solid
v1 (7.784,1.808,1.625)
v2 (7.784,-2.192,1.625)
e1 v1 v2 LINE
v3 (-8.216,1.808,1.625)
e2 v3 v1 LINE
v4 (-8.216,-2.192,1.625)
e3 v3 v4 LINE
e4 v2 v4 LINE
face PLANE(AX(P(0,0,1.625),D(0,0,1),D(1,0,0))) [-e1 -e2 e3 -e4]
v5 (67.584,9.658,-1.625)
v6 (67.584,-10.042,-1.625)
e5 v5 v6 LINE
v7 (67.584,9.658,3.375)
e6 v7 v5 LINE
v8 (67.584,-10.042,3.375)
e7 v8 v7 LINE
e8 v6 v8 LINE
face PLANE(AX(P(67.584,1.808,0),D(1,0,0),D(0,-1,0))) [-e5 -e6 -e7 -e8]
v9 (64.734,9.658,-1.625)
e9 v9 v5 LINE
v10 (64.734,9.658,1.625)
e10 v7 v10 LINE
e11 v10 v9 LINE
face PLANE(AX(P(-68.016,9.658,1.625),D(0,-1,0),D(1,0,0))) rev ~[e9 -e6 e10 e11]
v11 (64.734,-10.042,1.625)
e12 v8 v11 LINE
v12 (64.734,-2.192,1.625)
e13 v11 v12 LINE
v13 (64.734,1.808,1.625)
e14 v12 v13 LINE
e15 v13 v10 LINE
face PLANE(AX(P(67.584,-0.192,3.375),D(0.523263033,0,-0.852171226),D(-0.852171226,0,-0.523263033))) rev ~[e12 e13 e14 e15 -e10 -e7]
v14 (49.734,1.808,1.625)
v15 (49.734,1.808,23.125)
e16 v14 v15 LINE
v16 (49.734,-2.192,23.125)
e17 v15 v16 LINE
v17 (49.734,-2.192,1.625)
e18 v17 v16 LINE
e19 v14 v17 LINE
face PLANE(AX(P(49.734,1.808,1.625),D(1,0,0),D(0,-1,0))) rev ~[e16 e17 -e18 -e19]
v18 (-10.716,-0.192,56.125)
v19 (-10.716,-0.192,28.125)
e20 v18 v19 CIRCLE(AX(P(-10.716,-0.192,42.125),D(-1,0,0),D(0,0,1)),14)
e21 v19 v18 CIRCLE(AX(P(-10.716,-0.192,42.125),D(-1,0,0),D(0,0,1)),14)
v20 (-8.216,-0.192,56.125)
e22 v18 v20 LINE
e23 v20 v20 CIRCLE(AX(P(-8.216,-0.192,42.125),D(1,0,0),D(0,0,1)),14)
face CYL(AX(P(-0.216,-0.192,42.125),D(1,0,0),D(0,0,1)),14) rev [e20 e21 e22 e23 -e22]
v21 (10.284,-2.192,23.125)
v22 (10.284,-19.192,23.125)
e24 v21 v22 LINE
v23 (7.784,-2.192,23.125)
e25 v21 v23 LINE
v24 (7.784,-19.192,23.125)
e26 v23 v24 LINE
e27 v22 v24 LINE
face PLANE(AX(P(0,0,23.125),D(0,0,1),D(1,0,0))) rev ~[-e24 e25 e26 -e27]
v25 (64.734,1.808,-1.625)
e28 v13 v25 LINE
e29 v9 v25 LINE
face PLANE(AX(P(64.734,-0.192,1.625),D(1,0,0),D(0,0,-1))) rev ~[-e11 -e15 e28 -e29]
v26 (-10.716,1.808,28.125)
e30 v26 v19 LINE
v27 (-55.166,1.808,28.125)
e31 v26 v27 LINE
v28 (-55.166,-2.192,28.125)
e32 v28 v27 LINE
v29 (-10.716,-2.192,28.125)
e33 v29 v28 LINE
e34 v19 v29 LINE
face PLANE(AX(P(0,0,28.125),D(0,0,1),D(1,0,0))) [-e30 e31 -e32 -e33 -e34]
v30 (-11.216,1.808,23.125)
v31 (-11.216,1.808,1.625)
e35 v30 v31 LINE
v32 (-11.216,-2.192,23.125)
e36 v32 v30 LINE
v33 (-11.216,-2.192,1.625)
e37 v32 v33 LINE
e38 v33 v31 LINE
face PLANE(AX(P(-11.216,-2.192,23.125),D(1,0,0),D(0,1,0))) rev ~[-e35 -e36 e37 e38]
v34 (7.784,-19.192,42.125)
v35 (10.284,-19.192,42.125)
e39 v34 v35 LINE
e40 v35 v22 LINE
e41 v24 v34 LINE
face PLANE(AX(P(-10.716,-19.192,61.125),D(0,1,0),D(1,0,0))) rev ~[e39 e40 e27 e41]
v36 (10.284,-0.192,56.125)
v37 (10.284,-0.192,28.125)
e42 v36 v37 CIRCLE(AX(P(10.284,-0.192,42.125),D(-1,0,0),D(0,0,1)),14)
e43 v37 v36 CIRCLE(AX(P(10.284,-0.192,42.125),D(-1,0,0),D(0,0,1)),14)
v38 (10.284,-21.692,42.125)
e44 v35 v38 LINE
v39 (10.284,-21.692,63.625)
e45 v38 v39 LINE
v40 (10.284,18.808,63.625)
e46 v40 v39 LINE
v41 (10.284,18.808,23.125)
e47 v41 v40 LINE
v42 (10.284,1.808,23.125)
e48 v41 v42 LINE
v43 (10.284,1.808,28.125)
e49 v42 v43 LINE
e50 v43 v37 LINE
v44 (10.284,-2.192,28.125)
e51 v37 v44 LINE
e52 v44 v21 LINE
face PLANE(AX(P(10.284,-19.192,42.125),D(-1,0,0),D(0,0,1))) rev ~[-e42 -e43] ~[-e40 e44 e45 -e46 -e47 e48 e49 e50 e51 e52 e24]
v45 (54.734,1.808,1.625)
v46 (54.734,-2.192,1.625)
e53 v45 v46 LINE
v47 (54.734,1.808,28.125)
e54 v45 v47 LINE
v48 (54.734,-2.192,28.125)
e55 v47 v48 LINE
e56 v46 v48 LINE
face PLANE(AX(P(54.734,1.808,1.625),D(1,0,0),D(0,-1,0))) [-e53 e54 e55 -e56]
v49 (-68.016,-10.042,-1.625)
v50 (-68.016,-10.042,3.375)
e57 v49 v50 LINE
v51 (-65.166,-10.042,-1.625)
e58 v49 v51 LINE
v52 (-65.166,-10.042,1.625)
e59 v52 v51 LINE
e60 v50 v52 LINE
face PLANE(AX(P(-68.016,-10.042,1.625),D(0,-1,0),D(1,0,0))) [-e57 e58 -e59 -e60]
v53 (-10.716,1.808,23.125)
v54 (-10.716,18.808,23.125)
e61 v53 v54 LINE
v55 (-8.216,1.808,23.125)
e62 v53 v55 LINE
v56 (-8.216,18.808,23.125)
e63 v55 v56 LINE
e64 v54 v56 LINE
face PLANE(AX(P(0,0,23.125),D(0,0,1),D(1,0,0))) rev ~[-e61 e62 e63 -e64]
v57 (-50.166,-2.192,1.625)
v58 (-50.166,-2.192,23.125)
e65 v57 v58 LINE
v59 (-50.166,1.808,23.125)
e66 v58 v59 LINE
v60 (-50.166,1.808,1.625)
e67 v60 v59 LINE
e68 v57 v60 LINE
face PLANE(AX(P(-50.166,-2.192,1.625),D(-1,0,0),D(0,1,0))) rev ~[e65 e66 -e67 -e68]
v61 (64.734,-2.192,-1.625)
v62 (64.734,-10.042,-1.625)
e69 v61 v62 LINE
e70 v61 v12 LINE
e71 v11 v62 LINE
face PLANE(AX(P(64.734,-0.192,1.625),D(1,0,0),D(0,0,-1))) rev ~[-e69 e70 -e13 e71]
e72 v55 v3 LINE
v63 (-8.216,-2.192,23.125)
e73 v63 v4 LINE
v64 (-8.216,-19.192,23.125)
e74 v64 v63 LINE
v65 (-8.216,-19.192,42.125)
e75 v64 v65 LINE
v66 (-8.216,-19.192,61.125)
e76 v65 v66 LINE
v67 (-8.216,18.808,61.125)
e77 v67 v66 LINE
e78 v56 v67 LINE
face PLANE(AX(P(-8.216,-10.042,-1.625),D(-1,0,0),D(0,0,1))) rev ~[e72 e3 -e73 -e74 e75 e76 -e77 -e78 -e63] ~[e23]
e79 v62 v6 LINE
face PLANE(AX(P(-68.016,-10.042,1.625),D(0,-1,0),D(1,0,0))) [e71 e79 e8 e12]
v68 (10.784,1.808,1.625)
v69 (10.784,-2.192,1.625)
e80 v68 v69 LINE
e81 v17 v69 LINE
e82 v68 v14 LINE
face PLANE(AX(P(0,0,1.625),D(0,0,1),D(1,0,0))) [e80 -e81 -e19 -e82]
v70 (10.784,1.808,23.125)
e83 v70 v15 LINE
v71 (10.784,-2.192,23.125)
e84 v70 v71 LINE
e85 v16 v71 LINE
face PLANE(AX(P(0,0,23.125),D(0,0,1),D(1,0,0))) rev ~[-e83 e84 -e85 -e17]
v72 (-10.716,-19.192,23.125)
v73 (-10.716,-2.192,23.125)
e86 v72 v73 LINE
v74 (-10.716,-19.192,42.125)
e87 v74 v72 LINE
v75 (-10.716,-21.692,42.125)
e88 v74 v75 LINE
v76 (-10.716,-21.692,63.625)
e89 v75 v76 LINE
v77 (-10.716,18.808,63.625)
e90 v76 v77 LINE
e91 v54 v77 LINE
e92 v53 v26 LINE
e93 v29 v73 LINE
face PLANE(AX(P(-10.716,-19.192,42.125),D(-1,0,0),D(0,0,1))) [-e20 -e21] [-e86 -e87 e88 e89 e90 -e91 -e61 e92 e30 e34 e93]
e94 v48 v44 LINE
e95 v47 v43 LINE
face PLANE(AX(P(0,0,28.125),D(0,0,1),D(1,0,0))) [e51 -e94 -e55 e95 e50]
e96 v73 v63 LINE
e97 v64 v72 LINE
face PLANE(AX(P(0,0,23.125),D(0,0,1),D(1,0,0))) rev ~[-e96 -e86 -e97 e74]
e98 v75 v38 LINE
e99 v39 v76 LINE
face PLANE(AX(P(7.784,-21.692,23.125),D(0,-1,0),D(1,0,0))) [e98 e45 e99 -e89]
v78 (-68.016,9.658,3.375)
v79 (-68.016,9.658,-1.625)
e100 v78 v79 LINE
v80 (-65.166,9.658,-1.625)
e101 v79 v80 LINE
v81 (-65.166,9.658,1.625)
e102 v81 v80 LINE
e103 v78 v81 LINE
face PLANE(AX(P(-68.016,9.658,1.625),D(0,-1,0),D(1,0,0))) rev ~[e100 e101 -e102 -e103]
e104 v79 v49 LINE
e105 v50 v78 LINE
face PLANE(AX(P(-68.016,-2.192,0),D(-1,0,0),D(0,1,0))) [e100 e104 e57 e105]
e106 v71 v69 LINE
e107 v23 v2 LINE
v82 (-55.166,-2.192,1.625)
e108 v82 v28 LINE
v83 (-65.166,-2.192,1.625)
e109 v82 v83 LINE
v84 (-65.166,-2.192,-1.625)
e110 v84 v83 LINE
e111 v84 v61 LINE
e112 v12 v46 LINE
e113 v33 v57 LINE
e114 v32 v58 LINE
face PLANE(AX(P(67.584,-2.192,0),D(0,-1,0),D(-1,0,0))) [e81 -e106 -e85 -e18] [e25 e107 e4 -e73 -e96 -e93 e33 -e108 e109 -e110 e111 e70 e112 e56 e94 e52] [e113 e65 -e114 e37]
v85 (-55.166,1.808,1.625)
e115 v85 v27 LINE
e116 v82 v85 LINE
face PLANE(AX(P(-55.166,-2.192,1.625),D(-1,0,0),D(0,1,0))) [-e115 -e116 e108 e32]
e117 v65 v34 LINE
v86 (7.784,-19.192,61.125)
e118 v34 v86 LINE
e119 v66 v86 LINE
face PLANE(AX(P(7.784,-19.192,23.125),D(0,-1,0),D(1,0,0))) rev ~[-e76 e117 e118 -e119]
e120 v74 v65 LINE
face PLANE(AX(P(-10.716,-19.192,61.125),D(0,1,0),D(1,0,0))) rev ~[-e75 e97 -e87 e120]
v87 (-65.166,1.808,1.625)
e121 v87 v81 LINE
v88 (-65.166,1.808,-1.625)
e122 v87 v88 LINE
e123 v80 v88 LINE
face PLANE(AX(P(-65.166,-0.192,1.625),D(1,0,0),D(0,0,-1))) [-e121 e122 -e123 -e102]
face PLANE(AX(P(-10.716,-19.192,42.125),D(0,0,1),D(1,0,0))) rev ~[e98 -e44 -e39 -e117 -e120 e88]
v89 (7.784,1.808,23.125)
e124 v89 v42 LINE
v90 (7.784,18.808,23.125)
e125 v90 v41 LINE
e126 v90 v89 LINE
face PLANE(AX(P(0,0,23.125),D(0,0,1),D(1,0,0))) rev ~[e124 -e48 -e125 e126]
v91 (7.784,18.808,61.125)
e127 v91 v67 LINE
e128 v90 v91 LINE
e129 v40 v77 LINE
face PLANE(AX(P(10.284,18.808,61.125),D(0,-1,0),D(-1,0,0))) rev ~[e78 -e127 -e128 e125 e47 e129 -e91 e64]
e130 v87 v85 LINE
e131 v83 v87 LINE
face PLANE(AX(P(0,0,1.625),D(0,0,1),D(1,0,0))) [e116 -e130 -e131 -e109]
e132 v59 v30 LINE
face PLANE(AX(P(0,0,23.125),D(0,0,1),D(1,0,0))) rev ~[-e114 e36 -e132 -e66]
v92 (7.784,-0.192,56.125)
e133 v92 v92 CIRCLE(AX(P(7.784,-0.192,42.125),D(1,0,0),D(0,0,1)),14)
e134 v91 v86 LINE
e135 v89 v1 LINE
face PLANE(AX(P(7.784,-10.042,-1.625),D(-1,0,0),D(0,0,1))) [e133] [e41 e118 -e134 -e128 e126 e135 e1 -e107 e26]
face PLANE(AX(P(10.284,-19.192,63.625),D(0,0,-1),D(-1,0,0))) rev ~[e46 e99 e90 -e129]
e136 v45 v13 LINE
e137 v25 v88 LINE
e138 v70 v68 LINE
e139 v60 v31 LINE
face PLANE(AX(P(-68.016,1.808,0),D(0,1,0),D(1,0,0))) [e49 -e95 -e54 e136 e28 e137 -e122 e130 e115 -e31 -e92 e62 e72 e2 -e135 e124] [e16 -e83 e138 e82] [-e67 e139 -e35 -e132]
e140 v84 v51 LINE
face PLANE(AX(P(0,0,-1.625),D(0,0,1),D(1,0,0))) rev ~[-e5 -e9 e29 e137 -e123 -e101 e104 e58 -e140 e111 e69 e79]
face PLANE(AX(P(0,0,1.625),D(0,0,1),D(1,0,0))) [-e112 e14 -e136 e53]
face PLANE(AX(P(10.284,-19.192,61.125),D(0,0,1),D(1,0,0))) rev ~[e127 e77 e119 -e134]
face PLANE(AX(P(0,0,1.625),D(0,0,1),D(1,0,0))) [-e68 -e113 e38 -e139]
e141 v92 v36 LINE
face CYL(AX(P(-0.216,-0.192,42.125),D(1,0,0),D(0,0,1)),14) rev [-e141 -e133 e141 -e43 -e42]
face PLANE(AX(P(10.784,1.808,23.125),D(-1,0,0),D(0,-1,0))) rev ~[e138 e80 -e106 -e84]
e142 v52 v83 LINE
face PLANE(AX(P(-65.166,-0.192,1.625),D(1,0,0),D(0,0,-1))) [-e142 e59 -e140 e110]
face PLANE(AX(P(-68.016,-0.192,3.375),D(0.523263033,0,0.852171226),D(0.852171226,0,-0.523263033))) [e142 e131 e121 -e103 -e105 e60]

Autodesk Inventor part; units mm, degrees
ref_plane "YZ Plane" through (0, 0, 0) normal (1, 0, 0) x (0, 1, 0)
ref_plane "XZ Plane" through (0, 0, 0) normal (0, 1, 0) x (-1, 0, 0)
ref_plane "XY Plane" through (0, 0, 0) normal (0, 0, 1) x (1, 0, 0)
sketch "Skizze1" plane through (0, 0, 0) normal (0, 0, 1) x (1, 0, 0)
  line L0 (-68.016, 1.808) -> (67.584, 1.808)
  line L1 (67.584, 1.808) -> (67.584, -2.192)
  line L2 (67.584, -2.192) -> (-68.016, -2.192)
  line L3 (-68.016, -2.192) -> (-68.016, 1.808)
  line L4 (-68.016, 1.808) -> (67.584, -2.192) construction
  line L5 (67.584, 1.808) -> (-68.016, -2.192) construction
  point P0 (0, 0)
  point P1 (-0.216, -0.192)
  point P2 (-0.216, -0.192)
  dimension "d0" = 135.6
  dimension "d1" = 4
extrude "Extrusion1" add sketch "Skizze1" along normal mid plane 3.25
ref_plane "Arbeitsebene1" through (-68.016, -0.192, 1.625) normal (0, -1, 0) x (1, 0, 0)
sketch "Skizze2" plane through (-68.016, -0.192, 1.625) normal (0, -1, 0) x (1, 0, 0)
  line L0 (0, -3.25) -> (0, 0) projected
  line L1 (0, -3.25) -> (135.6, -3.25) projected
  line L2 (0, 0) -> (2.85, 0)
  line L3 (2.85, 0) -> (2.85, -3.25)
  line L4 (2.85, -3.25) -> (0, -3.25)
  line L5 (0, -3.25) -> (0, 0)
  line L6 (0, 0) -> (0, 1.75)
  line L7 (0, 1.75) -> (2.85, 0)
  line L8 (135.6, -3.25) -> (135.6, 0) projected
  line L9 (135.6, 0) -> (132.75, 0)
  line L10 (132.75, 0) -> (132.75, -3.25)
  line L11 (132.75, -3.25) -> (135.6, -3.25)
  line L12 (135.6, -3.25) -> (135.6, 0)
  line L13 (135.6, 0) -> (135.6, 1.75)
  line L14 (135.6, 1.75) -> (132.75, 0)
  point P0 (68.016, -1.625)
  dimension "d4" = 2.85
  dimension "d5" = 1.75
  dimension "d6" = 2.85
extrude "Extrusion2" add sketch "Skizze2" along normal mid plane 19.7
sketch "Skizze7" plane through (0, 0, 1.625) normal (0, 0, 1) x (1, 0, 0)
  line L0 (-65.166, 9.658) -> (-65.166, 1.808) projected
  line L1 (-65.166, 1.808) -> (-55.166, 1.808)
  line L2 (64.734, 1.808) -> (-65.166, 1.808) projected
  line L3 (64.734, -2.192) -> (-65.166, -2.192) projected
  line L4 (64.734, -2.192) -> (54.734, -2.192)
  line L5 (-55.166, 1.808) -> (54.734, 1.808)
  line L6 (54.734, 1.808) -> (54.734, -2.192)
  line L7 (54.734, -2.192) -> (-55.166, -2.192)
  line L8 (-55.166, -2.192) -> (-55.166, 1.808)
  point P0 (0, 0)
  dimension "d27" = 10
  dimension "d28" = 10
extrude "Extrusion7" add sketch "Skizze7" along normal blind 26.5
sketch "Skizze8" plane through (0, 0, 1.625) normal (0, 0, 1) x (1, 0, 0)
  line L0 (-65.166, 1.808) -> (-50.166, 1.808)
  line L1 (-65.166, 1.808) -> (64.734, 1.808) projected
  line L2 (64.734, -2.192) -> (-65.166, -2.192) projected
  line L3 (64.734, -2.192) -> (49.734, -2.192)
  line L4 (-50.166, 1.808) -> (49.734, 1.808)
  line L5 (49.734, 1.808) -> (49.734, -2.192)
  line L6 (49.734, -2.192) -> (-50.166, -2.192)
  line L7 (-50.166, -2.192) -> (-50.166, 1.808)
  point P0 (0, 0)
  dimension "d31" = 15
  dimension "d32" = 15
extrude "Extrusion8" cut sketch "Skizze8" along normal blind 21.5
ref_plane "Arbeitsebene2" through (-0.216, -10.042, -1.625) normal (-1, 0, 0) x (0, 0, 1)
sketch "Skizze9" plane through (-0.216, -10.042, -1.625) normal (-1, 0, 0) x (0, 0, 1)
  line L0 (24.75, 11.85) -> (29.75, 11.85)
  line L1 (29.75, 11.85) -> (29.75, 7.85)
  line L2 (29.75, 7.85) -> (24.75, 7.85)
  line L3 (24.75, 7.85) -> (24.75, 11.85)
  point P0 (1.625, 10.042)
extrude "Extrusion9" cut sketch "Skizze9" along normal mid plane 14
sketch "Skizze17" plane through (-0.216, -10.042, -1.625) normal (-1, 0, 0) x (0, 0, 1)
  line L0 (24.75, 11.85) -> (24.75, 28.85) projected
  line L1 (62.75, -9.15) -> (62.75, 28.85) projected
  line L2 (24.75, 28.85) -> (62.75, 28.85)
  line L3 (62.75, 28.85) -> (62.75, -9.15)
  line L4 (62.75, -9.15) -> (24.75, -9.15)
  line L5 (24.75, -9.15) -> (24.75, 28.85)
  circle A0 centre (43.75, 9.85) radius 14
  point P0 (1.625, 10.042)
extrude "Extrusion19" add sketch "Skizze17" along normal mid plane 21
sketch "Skizze19" plane through (-0.216, -10.042, -1.625) normal (-1, 0, 0) x (0, 0, 1)
  line L0 (24.75, 28.85) -> (24.75, 11.85) projected
  line L1 (24.75, -9.15) -> (62.75, -9.15) projected
  line L2 (24.75, 28.85) -> (62.75, 28.85)
  line L3 (62.75, 28.85) -> (62.75, -9.15)
  line L4 (62.75, -9.15) -> (24.75, -9.15)
  line L5 (24.75, -9.15) -> (24.75, 28.85)
  point P0 (1.625, 10.042)
  point P1 (24.75, 11.85)
extrude "Extrusion20" cut sketch "Skizze19" along normal mid plane 16
sketch "Skizze20" plane through (10.284, -19.192, 61.125) normal (0, 0, 1) x (1, 0, 0)
  line L0 (0, 38) -> (0, 0) projected
  line L1 (0, 38) -> (-21, 38)
  line L2 (-21, 38) -> (-21, 0)
  line L3 (-21, 0) -> (0, 0)
  line L4 (0, 0) -> (0, 38)
  point P0 (-10.284, 19.192)
extrude "Extrusion21" add sketch "Skizze20" along normal blind 2.5
sketch "Skizze21" plane through (7.784, -19.192, 23.125) normal (0, -1, 0) x (1, 0, 0)
  line L0 (-18.5, 5) -> (-18.5, 33) projected
  line L1 (2.5, 40.5) -> (-18.5, 40.5)
  line L2 (-18.5, 40.5) -> (-18.5, 19)
  line L3 (-18.5, 19) -> (2.5, 19)
  line L4 (2.5, 19) -> (2.5, 40.5)
  point P0 (-7.784, -23.125)
extrude "Extrusion22" add sketch "Skizze21" along normal blind 2.5
sketch "Skizze22" plane through (0, 0, 23.125) normal (0, 0, -1) x (-1, 0, 0)
  line L0 (-54.734, 1.808) -> (-10.284, 1.808) projected
  line L1 (-10.284, 1.808) -> (-7.784, 1.808)
  line L2 (-7.784, 18.808) -> (-7.784, -19.192) projected
  line L3 (-10.284, 1.808) -> (-7.784, 1.808) construction
  line L4 (-10.284, -2.192) -> (-54.734, -2.192) projected
  line L5 (-7.784, 1.808) -> (-10.784, 1.808)
  line L6 (-10.784, 1.808) -> (-10.784, -2.192)
  line L7 (-10.784, -2.192) -> (-7.784, -2.192)
  line L8 (-7.784, -2.192) -> (-7.784, 1.808)
  line L9 (10.716, 18.808) -> (10.716, -21.692) projected
  line L10 (10.716, -2.192) -> (8.216, -2.192)
  line L11 (8.216, -2.192) -> (11.216, -2.192)
  line L12 (11.216, -2.192) -> (11.216, 1.808)
  line L13 (11.216, 1.808) -> (8.216, 1.808)
  line L14 (8.216, 1.808) -> (8.216, -2.192)
  point P0 (0, 0)
  dimension "d79" = 2.5
  dimension "d80" = 0
  dimension "d81" = 3
  dimension "d82" = 2.5
  dimension "d83" = 3
extrude "Extrusion23" add sketch "Skizze22" along normal up to surface (24.75 mm away)
properties part number "2024_09_24_Holder_Power_sensor"
